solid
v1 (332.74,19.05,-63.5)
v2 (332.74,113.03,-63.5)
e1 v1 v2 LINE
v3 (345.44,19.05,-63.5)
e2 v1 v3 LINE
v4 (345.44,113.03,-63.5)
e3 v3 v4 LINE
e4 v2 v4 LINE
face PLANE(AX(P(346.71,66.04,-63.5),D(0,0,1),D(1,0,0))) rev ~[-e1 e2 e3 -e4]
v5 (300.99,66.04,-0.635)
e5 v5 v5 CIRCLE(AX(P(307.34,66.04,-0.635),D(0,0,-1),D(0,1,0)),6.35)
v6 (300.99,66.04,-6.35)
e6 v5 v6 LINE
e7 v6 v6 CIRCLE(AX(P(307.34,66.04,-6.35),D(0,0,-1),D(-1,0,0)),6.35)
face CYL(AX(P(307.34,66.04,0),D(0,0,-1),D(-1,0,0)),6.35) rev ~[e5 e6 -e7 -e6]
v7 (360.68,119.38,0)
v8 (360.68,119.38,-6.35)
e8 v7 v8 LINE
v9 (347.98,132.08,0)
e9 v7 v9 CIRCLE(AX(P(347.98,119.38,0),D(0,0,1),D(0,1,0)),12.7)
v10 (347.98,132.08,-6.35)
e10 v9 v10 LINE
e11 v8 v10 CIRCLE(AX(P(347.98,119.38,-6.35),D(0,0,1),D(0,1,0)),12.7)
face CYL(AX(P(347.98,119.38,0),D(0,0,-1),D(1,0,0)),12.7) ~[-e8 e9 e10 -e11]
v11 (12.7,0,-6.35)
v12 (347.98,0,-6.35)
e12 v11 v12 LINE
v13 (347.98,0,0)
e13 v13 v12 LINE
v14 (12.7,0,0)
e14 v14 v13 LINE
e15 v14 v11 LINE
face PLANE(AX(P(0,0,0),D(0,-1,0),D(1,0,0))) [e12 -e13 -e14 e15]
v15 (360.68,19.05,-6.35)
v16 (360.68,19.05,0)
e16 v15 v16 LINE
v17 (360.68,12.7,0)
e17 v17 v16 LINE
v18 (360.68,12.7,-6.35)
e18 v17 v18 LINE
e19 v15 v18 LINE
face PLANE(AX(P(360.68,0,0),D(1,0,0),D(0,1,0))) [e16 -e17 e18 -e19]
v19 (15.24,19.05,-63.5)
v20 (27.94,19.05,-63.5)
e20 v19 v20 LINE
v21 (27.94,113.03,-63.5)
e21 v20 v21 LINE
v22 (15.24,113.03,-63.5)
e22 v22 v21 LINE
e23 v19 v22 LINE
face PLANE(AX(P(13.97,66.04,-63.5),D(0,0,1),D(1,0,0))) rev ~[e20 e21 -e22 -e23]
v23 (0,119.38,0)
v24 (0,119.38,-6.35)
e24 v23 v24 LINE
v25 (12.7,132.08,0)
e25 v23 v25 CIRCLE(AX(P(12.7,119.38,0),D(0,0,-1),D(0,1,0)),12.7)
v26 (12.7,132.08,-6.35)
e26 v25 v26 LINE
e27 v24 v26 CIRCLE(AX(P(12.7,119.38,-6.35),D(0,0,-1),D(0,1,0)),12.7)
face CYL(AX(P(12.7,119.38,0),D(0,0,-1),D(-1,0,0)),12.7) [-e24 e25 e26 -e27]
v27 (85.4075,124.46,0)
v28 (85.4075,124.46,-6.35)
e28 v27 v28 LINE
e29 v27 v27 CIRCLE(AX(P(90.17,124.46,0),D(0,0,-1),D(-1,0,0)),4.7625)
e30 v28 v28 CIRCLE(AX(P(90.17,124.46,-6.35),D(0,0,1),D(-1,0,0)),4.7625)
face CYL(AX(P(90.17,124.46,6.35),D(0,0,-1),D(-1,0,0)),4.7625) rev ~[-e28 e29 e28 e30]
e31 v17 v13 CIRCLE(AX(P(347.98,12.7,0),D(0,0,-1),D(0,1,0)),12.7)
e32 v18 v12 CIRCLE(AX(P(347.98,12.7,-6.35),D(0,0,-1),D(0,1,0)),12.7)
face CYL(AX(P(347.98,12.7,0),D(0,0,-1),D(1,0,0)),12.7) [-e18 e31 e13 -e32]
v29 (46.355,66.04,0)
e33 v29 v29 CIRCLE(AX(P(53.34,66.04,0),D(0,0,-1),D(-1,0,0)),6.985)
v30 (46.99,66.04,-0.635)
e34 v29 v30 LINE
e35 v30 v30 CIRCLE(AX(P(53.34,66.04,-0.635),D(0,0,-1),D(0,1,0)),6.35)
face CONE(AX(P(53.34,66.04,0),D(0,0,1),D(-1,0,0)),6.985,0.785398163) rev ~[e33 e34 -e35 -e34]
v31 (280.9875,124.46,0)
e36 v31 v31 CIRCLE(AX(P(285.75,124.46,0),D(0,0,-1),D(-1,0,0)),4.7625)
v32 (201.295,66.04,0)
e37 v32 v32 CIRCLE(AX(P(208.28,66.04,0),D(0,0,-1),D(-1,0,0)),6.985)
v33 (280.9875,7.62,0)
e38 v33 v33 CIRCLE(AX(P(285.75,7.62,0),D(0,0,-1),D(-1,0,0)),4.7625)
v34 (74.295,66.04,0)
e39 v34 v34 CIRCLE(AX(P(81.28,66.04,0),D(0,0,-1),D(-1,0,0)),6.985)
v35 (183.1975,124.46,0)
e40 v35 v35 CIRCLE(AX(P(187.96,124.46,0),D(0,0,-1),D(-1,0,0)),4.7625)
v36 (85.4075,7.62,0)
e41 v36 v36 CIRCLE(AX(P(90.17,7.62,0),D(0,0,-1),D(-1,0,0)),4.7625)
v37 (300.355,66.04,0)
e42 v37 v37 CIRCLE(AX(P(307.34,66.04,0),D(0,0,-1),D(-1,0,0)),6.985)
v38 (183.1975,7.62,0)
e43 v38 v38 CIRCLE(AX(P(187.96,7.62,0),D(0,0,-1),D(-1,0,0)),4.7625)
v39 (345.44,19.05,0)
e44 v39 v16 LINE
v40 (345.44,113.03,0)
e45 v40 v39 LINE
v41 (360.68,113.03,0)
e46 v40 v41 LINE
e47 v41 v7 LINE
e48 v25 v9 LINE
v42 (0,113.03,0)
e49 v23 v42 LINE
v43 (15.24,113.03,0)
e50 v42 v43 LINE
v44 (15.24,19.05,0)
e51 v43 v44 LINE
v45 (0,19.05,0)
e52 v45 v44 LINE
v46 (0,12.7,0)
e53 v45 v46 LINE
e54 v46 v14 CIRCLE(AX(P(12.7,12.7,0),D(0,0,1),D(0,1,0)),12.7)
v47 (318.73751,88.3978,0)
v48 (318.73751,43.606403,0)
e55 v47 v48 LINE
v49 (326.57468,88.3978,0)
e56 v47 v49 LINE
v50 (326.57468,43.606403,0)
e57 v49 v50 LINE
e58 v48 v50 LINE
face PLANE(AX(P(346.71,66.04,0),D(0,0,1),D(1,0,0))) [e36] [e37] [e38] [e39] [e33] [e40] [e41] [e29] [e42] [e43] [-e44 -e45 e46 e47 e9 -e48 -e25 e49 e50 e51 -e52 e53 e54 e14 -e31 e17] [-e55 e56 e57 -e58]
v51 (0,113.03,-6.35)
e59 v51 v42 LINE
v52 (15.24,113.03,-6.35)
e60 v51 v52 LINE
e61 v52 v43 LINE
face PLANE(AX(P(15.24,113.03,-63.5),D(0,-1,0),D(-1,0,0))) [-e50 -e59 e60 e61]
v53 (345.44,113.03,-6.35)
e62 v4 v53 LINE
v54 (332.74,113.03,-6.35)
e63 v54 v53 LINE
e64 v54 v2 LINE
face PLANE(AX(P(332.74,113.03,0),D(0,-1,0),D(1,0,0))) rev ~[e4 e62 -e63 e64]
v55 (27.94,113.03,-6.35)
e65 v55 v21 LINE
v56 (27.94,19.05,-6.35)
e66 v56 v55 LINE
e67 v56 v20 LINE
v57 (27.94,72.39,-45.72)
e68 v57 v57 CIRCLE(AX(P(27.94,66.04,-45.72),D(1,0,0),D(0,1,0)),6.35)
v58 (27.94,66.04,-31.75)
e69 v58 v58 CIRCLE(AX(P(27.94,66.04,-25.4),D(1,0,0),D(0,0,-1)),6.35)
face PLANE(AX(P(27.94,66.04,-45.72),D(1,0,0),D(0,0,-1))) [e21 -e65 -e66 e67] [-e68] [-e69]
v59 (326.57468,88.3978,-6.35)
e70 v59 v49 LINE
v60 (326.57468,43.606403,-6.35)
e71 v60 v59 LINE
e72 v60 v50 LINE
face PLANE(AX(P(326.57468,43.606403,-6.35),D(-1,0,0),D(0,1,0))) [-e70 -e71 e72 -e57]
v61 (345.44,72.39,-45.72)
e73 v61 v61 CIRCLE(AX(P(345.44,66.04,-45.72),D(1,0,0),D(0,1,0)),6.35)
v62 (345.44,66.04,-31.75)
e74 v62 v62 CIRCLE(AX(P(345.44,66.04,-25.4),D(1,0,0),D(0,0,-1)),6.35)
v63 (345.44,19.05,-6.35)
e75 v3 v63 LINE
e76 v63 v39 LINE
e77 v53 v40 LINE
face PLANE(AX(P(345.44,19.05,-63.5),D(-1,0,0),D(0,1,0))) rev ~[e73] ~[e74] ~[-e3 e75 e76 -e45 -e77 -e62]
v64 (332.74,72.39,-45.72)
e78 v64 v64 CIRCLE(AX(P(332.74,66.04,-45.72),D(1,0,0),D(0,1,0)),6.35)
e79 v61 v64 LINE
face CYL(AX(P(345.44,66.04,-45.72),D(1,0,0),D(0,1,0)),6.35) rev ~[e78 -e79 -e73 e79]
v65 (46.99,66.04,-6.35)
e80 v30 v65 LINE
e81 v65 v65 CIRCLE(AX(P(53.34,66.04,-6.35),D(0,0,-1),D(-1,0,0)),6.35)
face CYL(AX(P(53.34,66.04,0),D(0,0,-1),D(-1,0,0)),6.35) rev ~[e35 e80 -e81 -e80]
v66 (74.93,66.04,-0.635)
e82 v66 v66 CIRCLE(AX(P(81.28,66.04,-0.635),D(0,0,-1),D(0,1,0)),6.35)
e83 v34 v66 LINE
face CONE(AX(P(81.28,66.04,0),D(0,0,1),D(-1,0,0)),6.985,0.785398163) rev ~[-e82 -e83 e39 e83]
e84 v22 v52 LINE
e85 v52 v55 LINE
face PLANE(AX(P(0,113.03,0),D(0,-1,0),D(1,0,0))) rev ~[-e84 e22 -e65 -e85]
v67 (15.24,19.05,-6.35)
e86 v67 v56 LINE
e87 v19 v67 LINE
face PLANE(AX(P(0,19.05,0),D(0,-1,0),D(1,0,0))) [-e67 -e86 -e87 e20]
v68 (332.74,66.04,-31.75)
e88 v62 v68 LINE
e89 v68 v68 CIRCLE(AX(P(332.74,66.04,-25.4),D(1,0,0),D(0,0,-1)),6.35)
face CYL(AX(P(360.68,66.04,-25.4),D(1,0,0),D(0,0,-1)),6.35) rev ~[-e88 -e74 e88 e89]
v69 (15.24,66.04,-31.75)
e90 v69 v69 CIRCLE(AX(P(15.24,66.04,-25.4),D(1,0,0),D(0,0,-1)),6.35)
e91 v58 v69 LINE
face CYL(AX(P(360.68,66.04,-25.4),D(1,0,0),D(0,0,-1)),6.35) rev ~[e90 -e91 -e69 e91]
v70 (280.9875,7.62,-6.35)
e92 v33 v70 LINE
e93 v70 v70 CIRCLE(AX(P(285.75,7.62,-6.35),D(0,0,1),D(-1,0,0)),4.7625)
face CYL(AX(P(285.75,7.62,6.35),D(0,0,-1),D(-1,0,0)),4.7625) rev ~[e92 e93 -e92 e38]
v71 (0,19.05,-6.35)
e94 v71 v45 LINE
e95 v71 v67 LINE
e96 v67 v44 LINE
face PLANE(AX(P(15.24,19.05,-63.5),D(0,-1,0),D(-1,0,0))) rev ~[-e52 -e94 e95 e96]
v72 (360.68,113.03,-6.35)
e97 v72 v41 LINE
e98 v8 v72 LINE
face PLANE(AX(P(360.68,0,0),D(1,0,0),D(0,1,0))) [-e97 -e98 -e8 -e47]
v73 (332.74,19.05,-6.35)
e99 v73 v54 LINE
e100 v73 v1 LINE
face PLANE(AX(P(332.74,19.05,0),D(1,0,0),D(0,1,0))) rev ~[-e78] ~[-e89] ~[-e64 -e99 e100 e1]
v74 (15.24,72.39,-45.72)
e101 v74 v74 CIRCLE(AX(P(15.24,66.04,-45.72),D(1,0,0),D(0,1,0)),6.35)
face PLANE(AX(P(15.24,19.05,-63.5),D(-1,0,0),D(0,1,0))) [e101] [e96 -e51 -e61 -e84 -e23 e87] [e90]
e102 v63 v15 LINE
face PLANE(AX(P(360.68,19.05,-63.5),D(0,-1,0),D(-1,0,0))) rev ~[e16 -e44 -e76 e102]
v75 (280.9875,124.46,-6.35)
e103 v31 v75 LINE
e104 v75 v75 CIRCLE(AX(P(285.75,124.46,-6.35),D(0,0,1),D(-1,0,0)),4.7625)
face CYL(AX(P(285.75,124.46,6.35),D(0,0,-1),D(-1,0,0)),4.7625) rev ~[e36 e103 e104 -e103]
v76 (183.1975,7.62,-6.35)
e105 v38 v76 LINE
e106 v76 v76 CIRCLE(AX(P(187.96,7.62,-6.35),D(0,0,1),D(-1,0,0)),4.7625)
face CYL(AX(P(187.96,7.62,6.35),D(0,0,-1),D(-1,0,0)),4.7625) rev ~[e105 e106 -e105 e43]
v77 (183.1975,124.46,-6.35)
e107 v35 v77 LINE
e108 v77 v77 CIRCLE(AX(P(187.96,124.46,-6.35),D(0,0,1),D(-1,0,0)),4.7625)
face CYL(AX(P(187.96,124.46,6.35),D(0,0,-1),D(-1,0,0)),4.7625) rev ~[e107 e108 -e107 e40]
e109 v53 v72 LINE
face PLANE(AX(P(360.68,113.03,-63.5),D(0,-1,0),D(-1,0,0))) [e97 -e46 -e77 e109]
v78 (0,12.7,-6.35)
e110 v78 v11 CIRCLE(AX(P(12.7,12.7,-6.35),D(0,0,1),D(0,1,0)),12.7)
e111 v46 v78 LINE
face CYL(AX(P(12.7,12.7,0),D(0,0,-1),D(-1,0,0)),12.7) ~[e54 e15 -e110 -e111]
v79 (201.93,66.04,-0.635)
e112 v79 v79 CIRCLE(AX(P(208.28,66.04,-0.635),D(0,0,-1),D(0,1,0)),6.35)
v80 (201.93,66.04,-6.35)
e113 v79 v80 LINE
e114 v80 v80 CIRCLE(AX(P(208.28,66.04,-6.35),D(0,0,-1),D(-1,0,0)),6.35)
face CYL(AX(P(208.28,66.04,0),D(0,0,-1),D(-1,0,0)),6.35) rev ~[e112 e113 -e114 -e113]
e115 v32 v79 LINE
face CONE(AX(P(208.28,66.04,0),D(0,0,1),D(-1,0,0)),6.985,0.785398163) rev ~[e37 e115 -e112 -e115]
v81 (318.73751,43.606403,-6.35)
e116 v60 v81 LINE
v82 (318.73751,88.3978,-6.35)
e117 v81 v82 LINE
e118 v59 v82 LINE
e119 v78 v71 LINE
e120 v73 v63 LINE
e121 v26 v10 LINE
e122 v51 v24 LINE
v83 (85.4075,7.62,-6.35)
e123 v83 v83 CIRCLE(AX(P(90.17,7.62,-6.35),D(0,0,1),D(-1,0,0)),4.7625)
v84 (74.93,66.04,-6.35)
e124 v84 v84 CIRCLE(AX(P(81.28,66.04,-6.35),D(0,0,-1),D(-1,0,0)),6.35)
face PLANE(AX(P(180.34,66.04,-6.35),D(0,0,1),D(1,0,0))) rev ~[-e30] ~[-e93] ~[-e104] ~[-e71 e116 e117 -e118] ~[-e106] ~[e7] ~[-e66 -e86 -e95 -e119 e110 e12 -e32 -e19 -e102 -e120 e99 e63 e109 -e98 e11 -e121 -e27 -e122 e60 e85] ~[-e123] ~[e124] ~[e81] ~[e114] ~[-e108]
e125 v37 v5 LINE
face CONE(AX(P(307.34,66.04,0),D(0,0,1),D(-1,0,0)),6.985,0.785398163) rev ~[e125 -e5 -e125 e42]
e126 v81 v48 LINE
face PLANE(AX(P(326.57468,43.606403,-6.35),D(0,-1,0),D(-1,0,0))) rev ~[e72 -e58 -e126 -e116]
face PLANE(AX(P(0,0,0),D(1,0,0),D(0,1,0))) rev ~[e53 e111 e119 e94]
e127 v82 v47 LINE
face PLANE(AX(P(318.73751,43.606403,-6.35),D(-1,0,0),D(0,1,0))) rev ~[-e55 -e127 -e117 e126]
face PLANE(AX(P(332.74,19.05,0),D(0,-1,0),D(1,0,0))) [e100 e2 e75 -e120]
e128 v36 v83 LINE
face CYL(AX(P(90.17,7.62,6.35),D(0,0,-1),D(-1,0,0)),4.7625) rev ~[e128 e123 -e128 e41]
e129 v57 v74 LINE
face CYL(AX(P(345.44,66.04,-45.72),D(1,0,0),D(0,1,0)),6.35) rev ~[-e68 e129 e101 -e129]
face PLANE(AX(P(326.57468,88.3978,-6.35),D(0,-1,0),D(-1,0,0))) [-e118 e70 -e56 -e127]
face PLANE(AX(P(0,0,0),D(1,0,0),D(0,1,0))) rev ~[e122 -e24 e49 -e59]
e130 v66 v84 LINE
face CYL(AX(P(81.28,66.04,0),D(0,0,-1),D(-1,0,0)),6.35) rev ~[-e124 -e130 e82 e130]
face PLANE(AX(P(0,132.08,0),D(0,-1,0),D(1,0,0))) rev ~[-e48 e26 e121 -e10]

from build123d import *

# Parameters (mm, degrees)
SKETCH1_4_W                            = 360.68
SKETCH1_4_H                            = 132.08
SKETCH1_4_W_2                          = 27.94
SKETCH1_4_H_2                          = 93.98
BOSS_EXTRUDE3_DEPTH                    = 6.35
F_3_8_0_375_DIAMETER_HOLE1_D           = 9.525
F_3_8_0_375_DIAMETER_HOLE1_DEPTH       = 12.7
F_3_8_0_375_DIAMETER_HOLE1_CSINK_D     = 10.795
F_3_8_0_375_DIAMETER_HOLE1_CSINK_ANGLE = 90
F_3_8_0_375_DIAMETER_HOLE1_TIP         = 2.861598698
FILLET1_R                              = 12.7
SKETCH1_W                              = 27.94
SKETCH1_H                              = 93.98
BOSS_EXTRUDE4_DEPTH                    = 63.5
SKETCH10_R                             = 10.16
SKETCH10_R_2                           = 6.35
CUT_EXTRUDE11_DEPTH                    = 386.08
FILLET5_R                              = 6.35
F_1_2_0_5_DIAMETER_HOLE1_D             = 12.7
F_1_2_0_5_DIAMETER_HOLE1_DEPTH         = 13.97
F_1_2_0_5_DIAMETER_HOLE1_CSINK_D       = 13.97
F_1_2_0_5_DIAMETER_HOLE1_CSINK_ANGLE   = 90
F_1_2_0_5_DIAMETER_HOLE1_TIP           = 3.815464931
THREAD15_PITCH                         = 2.116666667
THREAD15_HEIGHT                        = 10
THREAD15_RADIUS                        = 10.16
THREAD15_START_ANGLE                   = -180
SKETCH25_W                             = 7.837170734
SKETCH25_H                             = 44.791396978
CUT_EXTRUDE12_DEPTH                    = 36.068
THREAD16_PITCH                         = 2.116666667
THREAD16_HEIGHT                        = 10
THREAD16_RADIUS                        = 10.16
THREAD16_START_ANGLE                   = -180
BOSS_EXTRUDE6_START                    = -15.24
SKETCH28_R                             = 10.16
BOSS_EXTRUDE6_DEPTH                    = 15.24
SKETCH29_R                             = 10.16
BOSS_EXTRUDE7_DEPTH                    = 15.24
SKETCH30_W                             = 15.24
SKETCH30_H                             = 93.98
CUT_EXTRUDE13_DEPTH                    = 57.15
SKETCH30_2_W                           = 15.24
SKETCH30_2_H                           = 93.98
CUT_EXTRUDE15_DEPTH                    = 139.954
SKETCH33_R                             = 6.35
CUT_EXTRUDE16_DEPTH                    = 343.916


with BuildPart() as part:
    # Sketch1<4> → Boss-Extrude3 (new body)
    with BuildSketch(Plane.XY):
        with Locations((180.34, 66.04)):
            Rectangle(SKETCH1_4_W, SKETCH1_4_H)
        with Locations((346.71, 66.04)):
            Rectangle(SKETCH1_4_W_2, SKETCH1_4_H_2)
    extrude(amount=-BOSS_EXTRUDE3_DEPTH)

    # 3/8 (0.375) Diameter Hole1
    with Locations(Plane.XY.offset(6.35)):
        with Locations((187.96, 124.46), (285.75, 124.46), (90.17, 124.46), (90.17, 7.62), (187.96, 7.62), (285.75, 7.62)):
            CounterSinkHole(F_3_8_0_375_DIAMETER_HOLE1_D / 2, F_3_8_0_375_DIAMETER_HOLE1_CSINK_D / 2, depth=F_3_8_0_375_DIAMETER_HOLE1_DEPTH, counter_sink_angle=F_3_8_0_375_DIAMETER_HOLE1_CSINK_ANGLE)
            with Locations((0, 0, -(F_3_8_0_375_DIAMETER_HOLE1_DEPTH + F_3_8_0_375_DIAMETER_HOLE1_TIP / 2))):  # 118° drill point
                Cone(0, F_3_8_0_375_DIAMETER_HOLE1_D / 2, F_3_8_0_375_DIAMETER_HOLE1_TIP, mode=Mode.SUBTRACT)

    # Fillet1
    fillet1_edges = [part.edges().sort_by_distance(p)[0] for p in [
        (0, 0, -3.175),
        (0, 132.08, -3.175),
        (360.68, 132.08, -3.175),
        (360.68, 0, -3.175),
    ]]
    fillet(fillet1_edges, radius=FILLET1_R)

    # Sketch1 → Boss-Extrude4 (add)
    with BuildSketch(Plane.XY):
        with Locations((346.71, 66.04)):
            Rectangle(SKETCH1_W, SKETCH1_H)
        with Locations((13.97, 66.04)):
            Rectangle(SKETCH1_W, SKETCH1_H)
    extrude(amount=-BOSS_EXTRUDE4_DEPTH)

    # Sketch10 → Cut-Extrude11 (cut)
    with BuildSketch(Plane(origin=(360.68, 0, 0), x_dir=(0, 0, -1), z_dir=(1, 0, 0))):
        with Locations((45.72, 66.04)):
            Circle(SKETCH10_R)
        with Locations((25.4, 66.04)):
            Circle(SKETCH10_R_2)
    extrude(amount=-CUT_EXTRUDE11_DEPTH, mode=Mode.SUBTRACT)

    # Fillet5
    fillet5_edges = [part.edges().sort_by_distance(p)[0] for p in [
        (360.68, 113.03, -34.925),
        (360.68, 66.04, -63.5),
        (360.68, 19.05, -34.925),
        (0, 113.03, -34.925),
        (0, 19.05, -34.925),
        (0, 66.04, -63.5),
    ]]
    fillet(fillet5_edges, radius=FILLET5_R)

    # 1/2 (0.5) Diameter Hole1
    with Locations(Plane.XY):
        with Locations((208.28, 66.04), (81.28, 66.04), (53.34, 66.04), (307.34, 66.04)):
            CounterSinkHole(F_1_2_0_5_DIAMETER_HOLE1_D / 2, F_1_2_0_5_DIAMETER_HOLE1_CSINK_D / 2, depth=F_1_2_0_5_DIAMETER_HOLE1_DEPTH, counter_sink_angle=F_1_2_0_5_DIAMETER_HOLE1_CSINK_ANGLE)
            with Locations((0, 0, -(F_1_2_0_5_DIAMETER_HOLE1_DEPTH + F_1_2_0_5_DIAMETER_HOLE1_TIP / 2))):  # 118° drill point
                Cone(0, F_1_2_0_5_DIAMETER_HOLE1_D / 2, F_1_2_0_5_DIAMETER_HOLE1_TIP, mode=Mode.SUBTRACT)

    # Thread15: sweep along a helix
    with BuildLine() as thread15_path:
        add(Helix(THREAD15_PITCH, THREAD15_HEIGHT, THREAD15_RADIUS, center=(360.68, 66.04, -45.72), direction=(-1, 0, 0), mode=Mode.PRIVATE).rotate(Axis((360.68, 66.04, -45.72), (-1, 0, 0)), THREAD15_START_ANGLE))
    # Thread Profile13 → Thread15 (sweep)
    with BuildSketch(Plane(origin=(360.68, 66.04, -35.56), x_dir=(0, 0, 1), z_dir=(0, -1, 0))):
        Polygon((0, 0), (0, 1.852083328), (-1.145679435, 1.190624997), (-1.145679435, 0.66145833), align=None)
    sweep(path=thread15_path.line, is_frenet=True)

    # Sketch25 → Cut-Extrude12 (cut)
    with BuildSketch(Plane(origin=(0, 0, -6.35), x_dir=(-1, 0, 0), z_dir=(0, 0, -1))):
        with Locations((-322.656094919, 66.002101848)):
            Rectangle(SKETCH25_W, SKETCH25_H)
    extrude(amount=-CUT_EXTRUDE12_DEPTH, mode=Mode.SUBTRACT)

    # Thread16: sweep along a helix
    with BuildLine() as thread16_path:
        add(Helix(THREAD16_PITCH, THREAD16_HEIGHT, THREAD16_RADIUS, center=(0, 66.04, -45.72), direction=(1, 0, 0), mode=Mode.PRIVATE).rotate(Axis((0, 66.04, -45.72), (1, 0, 0)), THREAD16_START_ANGLE))
    # Thread Profile14 → Thread16 (sweep, cut)
    with BuildSketch(Plane(origin=(0, 66.04, -55.88), x_dir=(0, 0, -1), z_dir=(0, -1, 0))):
        Polygon((0, 0), (0, 1.852083328), (-1.145679435, 1.190624997), (-1.145679435, 0.66145833), align=None)
    sweep(path=thread16_path.line, is_frenet=True, mode=Mode.SUBTRACT)

    # Sketch28 → Boss-Extrude6 (add)
    with BuildSketch(Plane.ZY.offset(-332.74).offset(BOSS_EXTRUDE6_START)):
        with Locations((-45.72, 66.04)):
            Circle(SKETCH28_R)
    extrude(amount=BOSS_EXTRUDE6_DEPTH)

    # Sketch29 → Boss-Extrude7 (add)
    with BuildSketch(Plane(origin=(27.94, 0, 0), x_dir=(0, 0, -1), z_dir=(1, 0, 0))):
        with Locations((45.72, 66.04)):
            Circle(SKETCH29_R)
    extrude(amount=-BOSS_EXTRUDE7_DEPTH)

    # Sketch30 → Cut-Extrude13 (cut)
    with BuildSketch(Plane(origin=(0, 0, -63.5), x_dir=(-1, 0, 0), z_dir=(0, 0, -1))):
        with Locations((-353.06, 66.04)):
            Rectangle(SKETCH30_W, SKETCH30_H)
        with Locations((-7.62, 66.04)):
            Rectangle(SKETCH30_W, SKETCH30_H)
    extrude(amount=-CUT_EXTRUDE13_DEPTH, mode=Mode.SUBTRACT)

    # Sketch30<2> → Cut-Extrude15 (cut)
    with BuildSketch(Plane(origin=(0, 0, -63.5), x_dir=(-1, 0, 0), z_dir=(0, 0, -1))):
        with Locations((-353.06, 66.04)):
            Rectangle(SKETCH30_2_W, SKETCH30_2_H)
        with Locations((-7.62, 66.04)):
            Rectangle(SKETCH30_2_W, SKETCH30_2_H)
    extrude(amount=-CUT_EXTRUDE15_DEPTH, mode=Mode.SUBTRACT)

    # Sketch33 → Cut-Extrude16 (cut)
    with BuildSketch(Plane(origin=(345.44, 0, 0), x_dir=(0, 0, -1), z_dir=(1, 0, 0))):
        with Locations(Location((45.72, 66.04, 0), (0, 0, 90))):
            Circle(SKETCH33_R)
    extrude(amount=-CUT_EXTRUDE16_DEPTH, mode=Mode.SUBTRACT)


solid = part.part
